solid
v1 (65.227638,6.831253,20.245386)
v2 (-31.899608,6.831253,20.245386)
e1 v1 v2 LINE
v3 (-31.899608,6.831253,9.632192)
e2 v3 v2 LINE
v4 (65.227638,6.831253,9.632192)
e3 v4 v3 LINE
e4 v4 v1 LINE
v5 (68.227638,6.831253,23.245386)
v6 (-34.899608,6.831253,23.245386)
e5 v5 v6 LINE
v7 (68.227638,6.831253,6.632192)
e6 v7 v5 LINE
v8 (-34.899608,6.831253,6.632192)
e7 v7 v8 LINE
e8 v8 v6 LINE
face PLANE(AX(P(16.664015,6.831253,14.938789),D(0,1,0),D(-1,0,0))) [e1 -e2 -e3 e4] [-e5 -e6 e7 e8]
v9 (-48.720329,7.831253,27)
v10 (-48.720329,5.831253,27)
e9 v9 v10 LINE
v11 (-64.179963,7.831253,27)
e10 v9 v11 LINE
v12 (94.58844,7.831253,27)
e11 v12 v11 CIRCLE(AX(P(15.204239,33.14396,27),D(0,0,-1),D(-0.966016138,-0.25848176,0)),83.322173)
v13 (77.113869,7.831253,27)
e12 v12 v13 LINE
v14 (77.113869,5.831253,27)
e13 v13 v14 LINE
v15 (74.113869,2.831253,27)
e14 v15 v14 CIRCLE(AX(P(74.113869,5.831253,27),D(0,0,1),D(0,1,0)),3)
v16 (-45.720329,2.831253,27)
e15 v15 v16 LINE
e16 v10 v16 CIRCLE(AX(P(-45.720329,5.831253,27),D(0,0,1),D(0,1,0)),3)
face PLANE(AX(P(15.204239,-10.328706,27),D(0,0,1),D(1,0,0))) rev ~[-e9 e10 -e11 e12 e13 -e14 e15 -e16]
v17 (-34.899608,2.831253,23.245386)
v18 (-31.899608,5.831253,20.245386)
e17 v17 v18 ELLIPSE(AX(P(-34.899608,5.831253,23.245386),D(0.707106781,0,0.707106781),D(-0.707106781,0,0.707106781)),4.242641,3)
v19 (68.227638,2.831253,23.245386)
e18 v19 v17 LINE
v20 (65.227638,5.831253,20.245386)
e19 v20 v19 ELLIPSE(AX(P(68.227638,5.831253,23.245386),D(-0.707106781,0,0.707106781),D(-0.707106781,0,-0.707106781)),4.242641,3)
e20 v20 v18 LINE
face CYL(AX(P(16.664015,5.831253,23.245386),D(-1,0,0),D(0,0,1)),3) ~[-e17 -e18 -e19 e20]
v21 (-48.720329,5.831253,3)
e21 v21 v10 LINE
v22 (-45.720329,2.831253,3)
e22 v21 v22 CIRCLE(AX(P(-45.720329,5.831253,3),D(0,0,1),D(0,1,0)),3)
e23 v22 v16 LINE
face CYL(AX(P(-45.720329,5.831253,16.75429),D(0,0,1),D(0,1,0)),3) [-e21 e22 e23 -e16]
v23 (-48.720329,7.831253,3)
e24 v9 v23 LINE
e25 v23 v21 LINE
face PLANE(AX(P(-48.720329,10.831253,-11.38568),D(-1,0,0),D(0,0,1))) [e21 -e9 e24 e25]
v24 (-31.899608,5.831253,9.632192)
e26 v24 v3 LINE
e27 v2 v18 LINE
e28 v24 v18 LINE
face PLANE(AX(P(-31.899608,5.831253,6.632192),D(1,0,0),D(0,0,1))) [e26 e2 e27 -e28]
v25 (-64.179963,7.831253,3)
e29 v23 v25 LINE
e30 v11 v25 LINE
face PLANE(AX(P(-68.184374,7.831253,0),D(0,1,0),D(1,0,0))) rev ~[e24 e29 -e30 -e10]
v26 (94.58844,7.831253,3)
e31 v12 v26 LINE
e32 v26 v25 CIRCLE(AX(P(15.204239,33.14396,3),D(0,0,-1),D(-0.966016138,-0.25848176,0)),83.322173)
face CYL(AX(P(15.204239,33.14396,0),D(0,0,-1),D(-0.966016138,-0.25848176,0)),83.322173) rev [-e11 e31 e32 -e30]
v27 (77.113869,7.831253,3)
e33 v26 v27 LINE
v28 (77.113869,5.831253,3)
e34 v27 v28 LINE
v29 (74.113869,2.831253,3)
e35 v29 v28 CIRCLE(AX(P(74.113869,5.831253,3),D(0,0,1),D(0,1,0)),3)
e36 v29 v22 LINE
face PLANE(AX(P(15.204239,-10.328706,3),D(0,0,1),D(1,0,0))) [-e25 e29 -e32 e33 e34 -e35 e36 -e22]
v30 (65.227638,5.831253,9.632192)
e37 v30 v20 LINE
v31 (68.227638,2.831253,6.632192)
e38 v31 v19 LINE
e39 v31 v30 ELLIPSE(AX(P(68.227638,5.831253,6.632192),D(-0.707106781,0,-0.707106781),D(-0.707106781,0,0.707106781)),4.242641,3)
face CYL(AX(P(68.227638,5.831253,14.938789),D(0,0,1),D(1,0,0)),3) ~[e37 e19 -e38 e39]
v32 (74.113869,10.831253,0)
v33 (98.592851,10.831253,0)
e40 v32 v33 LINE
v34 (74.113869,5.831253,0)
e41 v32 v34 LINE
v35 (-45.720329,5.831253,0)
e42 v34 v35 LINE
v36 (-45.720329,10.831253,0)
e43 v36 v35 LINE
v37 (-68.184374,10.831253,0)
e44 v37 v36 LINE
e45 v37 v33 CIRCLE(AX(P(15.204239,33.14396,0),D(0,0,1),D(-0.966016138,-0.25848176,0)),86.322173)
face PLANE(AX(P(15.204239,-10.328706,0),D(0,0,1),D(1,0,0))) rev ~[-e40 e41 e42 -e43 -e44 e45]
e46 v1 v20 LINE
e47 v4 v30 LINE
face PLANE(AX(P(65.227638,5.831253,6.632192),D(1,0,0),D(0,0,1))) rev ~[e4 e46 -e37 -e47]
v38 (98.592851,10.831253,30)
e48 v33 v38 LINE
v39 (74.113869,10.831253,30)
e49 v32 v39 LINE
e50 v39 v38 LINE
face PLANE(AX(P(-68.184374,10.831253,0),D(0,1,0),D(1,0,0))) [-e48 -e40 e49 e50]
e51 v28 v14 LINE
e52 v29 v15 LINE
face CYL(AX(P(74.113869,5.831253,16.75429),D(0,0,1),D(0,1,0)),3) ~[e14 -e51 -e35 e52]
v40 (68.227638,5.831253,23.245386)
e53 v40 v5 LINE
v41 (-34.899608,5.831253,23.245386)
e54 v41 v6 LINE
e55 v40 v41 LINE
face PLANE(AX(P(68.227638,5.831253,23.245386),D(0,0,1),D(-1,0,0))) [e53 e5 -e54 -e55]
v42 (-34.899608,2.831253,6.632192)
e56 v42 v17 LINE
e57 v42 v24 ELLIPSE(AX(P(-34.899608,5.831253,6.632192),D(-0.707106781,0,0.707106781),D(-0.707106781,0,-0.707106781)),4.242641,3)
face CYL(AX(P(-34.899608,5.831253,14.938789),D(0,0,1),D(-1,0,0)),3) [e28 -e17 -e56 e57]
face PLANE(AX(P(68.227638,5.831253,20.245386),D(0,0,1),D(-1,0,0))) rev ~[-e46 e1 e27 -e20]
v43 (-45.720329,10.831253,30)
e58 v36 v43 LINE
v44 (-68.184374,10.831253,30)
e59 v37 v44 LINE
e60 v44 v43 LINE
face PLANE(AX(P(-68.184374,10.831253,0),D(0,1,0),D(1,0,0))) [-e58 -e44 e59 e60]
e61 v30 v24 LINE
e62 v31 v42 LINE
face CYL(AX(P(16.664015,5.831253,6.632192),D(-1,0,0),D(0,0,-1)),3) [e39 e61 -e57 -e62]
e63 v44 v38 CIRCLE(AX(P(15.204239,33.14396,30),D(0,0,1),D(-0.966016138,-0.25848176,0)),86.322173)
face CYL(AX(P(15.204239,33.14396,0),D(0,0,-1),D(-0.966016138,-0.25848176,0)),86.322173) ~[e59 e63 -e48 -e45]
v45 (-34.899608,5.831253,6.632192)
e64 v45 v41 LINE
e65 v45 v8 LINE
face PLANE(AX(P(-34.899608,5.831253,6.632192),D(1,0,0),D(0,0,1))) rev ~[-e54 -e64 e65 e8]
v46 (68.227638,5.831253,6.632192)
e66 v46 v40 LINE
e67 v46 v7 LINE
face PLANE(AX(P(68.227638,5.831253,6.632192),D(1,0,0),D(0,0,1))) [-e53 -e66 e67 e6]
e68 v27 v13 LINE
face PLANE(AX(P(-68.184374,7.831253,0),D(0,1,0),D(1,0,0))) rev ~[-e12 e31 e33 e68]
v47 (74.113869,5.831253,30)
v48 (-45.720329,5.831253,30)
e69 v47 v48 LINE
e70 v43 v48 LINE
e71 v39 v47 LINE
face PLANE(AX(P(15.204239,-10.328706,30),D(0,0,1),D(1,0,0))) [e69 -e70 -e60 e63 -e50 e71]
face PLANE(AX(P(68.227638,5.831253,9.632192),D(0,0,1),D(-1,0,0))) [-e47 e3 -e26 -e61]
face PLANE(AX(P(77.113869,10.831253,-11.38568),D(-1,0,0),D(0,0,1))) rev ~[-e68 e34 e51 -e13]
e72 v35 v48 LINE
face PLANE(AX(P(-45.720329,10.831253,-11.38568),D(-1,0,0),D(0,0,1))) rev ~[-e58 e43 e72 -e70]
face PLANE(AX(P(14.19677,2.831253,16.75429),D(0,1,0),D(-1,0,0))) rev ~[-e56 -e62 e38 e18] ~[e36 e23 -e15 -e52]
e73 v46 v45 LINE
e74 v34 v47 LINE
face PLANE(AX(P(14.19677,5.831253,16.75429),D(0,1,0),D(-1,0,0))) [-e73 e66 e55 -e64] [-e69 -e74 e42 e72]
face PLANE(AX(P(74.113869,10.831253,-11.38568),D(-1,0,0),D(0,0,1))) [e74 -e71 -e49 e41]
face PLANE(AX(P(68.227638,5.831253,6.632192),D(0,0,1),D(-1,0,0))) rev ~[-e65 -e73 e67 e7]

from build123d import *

# Parameters (mm, degrees)
PAD002_DEPTH   = 30
SKETCH002_W    = 119.834198
SKETCH002_H    = 56.27994
POCKET_DEPTH   = 5
SKETCH003_W    = 103.127247
SKETCH003_H    = 16.613194
PAD003_DEPTH   = 1
THICKNESS001_T = -3


with BuildPart() as part:
    # Sketch001 → Pad002 (new body)
    with BuildSketch(Plane.XY):
        with BuildLine():
            ThreePointArc((-68.184374, 10.831253), (15.204238, -53.178213), (98.592851, 10.831253))
            Line((-68.184374, 10.831253), (98.592851, 10.831253))
        make_face()
    extrude(amount=PAD002_DEPTH)

    # Sketch002 (on Face2 of Pad002) → Pocket (cut)
    with BuildSketch(Plane(origin=(0, 10.831253, 0), x_dir=(-1, 0, 0), z_dir=(0, 1, 0))):
        with Locations((-14.19677, 16.75429)):
            Rectangle(SKETCH002_W, SKETCH002_H)
    extrude(amount=-POCKET_DEPTH, mode=Mode.SUBTRACT)

    # Sketch003 (on Face8 of Pocket) → Pad003 (join)
    with BuildSketch(Plane(origin=(0, 5.831253, 0), x_dir=(-1, 0, 0), z_dir=(0, 1, 0))):
        with Locations((-16.664015, 14.938789)):
            Rectangle(SKETCH003_W, SKETCH003_H)
    extrude(amount=PAD003_DEPTH)

    # Thickness001
    thickness001_openings = [part.faces().sort_by_distance(p)[0] for p in [
        (16.664015, 6.831253, 14.938789),
    ]]
    offset(amount=THICKNESS001_T, openings=thickness001_openings)


solid = part.part
